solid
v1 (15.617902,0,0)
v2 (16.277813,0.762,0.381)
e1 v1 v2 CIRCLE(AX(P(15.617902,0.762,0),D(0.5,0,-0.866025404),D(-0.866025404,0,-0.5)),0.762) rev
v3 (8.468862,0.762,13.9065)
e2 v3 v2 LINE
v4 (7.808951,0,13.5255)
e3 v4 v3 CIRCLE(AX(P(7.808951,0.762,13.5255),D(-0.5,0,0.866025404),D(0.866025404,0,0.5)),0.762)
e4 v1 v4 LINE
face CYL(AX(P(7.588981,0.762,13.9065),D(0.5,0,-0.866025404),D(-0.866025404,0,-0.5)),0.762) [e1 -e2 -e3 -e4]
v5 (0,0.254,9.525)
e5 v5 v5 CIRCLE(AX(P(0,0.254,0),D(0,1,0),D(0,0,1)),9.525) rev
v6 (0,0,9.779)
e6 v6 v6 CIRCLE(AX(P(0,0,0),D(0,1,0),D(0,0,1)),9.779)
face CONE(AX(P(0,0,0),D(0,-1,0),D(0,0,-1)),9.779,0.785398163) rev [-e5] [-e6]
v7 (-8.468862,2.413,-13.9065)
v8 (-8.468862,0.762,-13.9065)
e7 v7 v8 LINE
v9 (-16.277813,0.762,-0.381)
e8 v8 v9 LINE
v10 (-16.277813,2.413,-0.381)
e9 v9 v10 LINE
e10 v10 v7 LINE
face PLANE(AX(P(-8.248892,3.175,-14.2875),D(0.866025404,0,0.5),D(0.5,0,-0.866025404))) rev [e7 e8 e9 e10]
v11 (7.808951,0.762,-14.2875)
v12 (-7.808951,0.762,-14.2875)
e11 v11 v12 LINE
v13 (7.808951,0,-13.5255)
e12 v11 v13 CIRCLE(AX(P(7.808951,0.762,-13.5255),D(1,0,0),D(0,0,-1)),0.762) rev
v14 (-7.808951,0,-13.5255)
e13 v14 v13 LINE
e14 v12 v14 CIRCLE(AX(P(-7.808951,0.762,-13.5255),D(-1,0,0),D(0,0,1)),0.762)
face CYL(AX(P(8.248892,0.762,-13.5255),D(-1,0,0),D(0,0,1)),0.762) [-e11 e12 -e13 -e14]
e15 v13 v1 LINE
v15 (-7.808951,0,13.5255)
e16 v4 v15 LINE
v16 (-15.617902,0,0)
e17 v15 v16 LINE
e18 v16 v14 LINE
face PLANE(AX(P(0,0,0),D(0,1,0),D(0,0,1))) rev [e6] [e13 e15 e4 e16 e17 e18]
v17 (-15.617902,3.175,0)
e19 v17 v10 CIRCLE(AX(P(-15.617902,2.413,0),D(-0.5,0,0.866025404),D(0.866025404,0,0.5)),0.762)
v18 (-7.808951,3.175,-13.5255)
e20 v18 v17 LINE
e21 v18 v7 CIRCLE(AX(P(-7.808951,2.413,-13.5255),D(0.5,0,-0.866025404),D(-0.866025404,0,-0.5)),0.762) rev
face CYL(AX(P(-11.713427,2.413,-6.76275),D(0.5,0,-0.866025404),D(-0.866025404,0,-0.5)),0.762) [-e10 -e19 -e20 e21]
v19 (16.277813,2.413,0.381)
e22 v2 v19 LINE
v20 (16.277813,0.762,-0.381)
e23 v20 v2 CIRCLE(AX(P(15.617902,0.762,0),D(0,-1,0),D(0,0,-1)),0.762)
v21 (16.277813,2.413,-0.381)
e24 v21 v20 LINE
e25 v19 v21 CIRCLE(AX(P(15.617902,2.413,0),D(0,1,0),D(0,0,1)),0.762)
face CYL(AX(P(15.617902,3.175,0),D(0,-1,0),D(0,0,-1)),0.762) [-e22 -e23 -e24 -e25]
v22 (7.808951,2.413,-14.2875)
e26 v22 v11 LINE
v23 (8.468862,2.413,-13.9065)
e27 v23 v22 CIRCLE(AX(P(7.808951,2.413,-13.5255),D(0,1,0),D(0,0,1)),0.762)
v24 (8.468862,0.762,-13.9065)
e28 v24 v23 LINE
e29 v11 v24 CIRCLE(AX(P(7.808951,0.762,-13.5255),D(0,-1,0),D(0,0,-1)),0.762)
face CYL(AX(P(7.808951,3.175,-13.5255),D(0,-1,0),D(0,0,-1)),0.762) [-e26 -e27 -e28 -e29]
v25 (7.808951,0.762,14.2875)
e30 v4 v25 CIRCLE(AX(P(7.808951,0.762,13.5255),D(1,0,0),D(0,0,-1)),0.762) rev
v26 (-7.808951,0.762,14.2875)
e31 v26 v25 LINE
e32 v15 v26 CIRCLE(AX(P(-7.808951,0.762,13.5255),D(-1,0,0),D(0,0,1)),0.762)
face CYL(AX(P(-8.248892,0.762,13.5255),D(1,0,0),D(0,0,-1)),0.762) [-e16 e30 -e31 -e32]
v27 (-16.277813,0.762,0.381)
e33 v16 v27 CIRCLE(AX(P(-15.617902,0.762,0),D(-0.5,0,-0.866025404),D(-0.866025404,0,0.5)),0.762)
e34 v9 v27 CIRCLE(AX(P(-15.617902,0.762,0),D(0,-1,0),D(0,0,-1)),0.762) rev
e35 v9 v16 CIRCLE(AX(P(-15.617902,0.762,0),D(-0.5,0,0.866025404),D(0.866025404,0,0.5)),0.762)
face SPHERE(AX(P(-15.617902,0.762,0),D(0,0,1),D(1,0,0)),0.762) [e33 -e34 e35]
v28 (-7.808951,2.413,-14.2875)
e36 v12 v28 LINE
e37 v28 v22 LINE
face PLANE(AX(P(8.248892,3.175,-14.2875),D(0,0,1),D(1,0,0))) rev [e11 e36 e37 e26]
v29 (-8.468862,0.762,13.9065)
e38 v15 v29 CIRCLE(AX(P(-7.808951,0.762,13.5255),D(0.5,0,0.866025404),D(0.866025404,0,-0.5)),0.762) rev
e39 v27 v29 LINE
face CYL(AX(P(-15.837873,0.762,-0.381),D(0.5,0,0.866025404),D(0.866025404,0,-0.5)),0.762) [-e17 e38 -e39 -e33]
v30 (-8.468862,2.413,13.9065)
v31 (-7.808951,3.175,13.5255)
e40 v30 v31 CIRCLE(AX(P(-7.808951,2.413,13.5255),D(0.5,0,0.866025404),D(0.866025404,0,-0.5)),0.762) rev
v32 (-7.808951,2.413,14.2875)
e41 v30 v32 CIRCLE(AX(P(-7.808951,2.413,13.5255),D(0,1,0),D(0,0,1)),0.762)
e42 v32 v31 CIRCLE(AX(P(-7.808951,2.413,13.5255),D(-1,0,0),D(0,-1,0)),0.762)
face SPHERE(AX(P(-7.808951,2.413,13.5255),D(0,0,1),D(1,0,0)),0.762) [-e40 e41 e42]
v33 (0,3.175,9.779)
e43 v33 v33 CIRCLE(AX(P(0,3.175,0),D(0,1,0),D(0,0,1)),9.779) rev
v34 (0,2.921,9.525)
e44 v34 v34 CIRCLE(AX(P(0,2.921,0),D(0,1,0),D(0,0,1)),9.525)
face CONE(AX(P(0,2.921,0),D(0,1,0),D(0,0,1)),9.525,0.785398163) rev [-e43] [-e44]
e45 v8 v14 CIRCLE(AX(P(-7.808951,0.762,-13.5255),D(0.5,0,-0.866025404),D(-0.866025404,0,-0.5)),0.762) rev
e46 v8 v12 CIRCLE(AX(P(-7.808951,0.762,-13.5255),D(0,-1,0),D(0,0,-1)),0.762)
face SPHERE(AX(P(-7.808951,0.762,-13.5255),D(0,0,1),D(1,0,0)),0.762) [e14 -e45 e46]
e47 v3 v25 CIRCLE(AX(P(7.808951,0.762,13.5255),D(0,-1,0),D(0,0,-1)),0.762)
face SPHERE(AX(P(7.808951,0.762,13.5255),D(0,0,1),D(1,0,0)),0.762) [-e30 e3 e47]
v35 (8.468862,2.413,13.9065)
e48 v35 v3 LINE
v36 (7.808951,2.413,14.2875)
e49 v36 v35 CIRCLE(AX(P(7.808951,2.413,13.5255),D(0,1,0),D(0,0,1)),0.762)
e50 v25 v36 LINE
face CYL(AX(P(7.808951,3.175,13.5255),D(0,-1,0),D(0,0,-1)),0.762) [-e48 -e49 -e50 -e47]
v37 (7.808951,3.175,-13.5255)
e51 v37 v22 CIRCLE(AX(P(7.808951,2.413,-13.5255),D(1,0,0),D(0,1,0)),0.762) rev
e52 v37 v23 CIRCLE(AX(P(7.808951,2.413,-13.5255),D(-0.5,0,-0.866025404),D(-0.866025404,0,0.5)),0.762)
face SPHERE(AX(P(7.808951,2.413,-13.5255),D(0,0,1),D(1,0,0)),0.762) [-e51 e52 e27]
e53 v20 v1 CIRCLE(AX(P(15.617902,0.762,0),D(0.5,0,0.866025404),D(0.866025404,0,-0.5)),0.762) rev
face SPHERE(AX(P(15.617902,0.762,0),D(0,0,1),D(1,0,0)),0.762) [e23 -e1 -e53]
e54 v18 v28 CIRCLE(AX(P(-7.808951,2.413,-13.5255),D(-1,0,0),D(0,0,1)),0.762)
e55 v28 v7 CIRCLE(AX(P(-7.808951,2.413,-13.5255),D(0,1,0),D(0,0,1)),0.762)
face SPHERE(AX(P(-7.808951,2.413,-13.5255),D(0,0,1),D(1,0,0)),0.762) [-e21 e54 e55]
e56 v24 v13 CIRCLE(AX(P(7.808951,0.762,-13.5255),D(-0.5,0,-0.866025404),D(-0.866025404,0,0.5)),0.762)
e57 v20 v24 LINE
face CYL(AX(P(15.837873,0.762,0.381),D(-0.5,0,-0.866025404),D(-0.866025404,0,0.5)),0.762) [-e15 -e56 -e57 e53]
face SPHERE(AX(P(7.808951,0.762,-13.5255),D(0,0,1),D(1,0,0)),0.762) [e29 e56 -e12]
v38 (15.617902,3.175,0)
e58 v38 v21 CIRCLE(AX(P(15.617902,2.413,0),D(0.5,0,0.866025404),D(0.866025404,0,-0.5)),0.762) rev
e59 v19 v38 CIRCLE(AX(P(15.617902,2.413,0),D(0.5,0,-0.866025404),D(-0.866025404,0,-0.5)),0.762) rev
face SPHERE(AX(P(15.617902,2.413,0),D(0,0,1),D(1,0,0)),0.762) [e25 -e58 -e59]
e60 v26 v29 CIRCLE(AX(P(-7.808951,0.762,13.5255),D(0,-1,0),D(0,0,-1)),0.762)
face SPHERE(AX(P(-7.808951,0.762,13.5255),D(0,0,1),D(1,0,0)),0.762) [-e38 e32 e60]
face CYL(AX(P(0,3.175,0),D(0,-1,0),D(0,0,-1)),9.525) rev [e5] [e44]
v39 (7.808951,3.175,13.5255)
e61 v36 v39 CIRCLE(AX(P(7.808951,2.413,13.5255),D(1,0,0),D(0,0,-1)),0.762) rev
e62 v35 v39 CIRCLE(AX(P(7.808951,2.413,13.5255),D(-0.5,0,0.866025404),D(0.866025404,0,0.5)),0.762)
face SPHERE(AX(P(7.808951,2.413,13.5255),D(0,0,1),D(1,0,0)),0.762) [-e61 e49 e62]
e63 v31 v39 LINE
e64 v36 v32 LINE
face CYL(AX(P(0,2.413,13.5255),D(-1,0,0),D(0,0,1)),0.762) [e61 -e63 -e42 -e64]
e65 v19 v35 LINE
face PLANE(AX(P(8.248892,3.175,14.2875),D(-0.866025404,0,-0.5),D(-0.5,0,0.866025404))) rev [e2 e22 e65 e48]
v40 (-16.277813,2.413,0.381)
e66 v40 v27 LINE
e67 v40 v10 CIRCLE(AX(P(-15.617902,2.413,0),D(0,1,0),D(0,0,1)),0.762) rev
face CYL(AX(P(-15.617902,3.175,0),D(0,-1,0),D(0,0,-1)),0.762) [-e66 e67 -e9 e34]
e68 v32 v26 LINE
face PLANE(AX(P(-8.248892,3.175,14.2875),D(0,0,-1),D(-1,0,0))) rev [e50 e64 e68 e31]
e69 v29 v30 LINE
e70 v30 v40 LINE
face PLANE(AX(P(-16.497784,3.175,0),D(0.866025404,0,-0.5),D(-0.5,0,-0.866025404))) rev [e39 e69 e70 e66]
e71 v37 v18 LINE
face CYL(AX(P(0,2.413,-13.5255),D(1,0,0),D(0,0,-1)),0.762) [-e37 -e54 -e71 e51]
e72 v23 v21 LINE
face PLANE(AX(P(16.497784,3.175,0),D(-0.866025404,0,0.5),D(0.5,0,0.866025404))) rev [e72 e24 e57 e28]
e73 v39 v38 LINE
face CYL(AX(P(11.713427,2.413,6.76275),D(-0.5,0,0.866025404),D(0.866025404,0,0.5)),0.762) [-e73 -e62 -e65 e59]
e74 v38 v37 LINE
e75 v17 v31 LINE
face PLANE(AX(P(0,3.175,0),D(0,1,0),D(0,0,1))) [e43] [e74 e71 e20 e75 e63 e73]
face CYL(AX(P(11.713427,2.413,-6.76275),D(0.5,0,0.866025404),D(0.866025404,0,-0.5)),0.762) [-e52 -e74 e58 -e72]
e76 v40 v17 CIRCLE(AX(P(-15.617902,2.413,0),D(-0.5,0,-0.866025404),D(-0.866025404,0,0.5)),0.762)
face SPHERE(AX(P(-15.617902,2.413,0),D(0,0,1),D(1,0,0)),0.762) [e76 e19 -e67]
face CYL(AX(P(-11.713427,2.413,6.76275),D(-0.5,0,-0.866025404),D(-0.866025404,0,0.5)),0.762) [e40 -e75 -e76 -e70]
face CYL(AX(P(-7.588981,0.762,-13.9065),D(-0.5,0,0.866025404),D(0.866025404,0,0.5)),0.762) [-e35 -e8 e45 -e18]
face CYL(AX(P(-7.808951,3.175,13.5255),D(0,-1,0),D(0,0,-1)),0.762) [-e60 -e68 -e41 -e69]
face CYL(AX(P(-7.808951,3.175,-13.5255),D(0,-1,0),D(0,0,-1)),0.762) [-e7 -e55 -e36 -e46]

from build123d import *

# Parameters (mm, degrees)
SKETCH1_R           = 9.525
BOSS_EXTRUDE1_DEPTH = 3.175
CHAMFER1_SIZE       = 0.254
FILLET1_R           = 0.762


with BuildPart() as part:
    # Sketch1 → Boss-Extrude1 (new body)
    with BuildSketch(Plane(origin=(0, 0, 0), x_dir=(1, 0, 0), z_dir=(0, 1, 0))):
        Polygon((-8.248891971, -14.2875), (8.248891971, -14.2875), (16.497783942, 0), (8.248891971, 14.2875), (-8.248891971, 14.2875), (-16.497783942, 0), align=None)
        Circle(SKETCH1_R, mode=Mode.SUBTRACT)
    extrude(amount=BOSS_EXTRUDE1_DEPTH)

    # Chamfer1
    chamfer1_edges = [part.edges().sort_by_distance(p)[0] for p in [
        (-9.525, 0, 0),
        (-9.525, 3.175, 0),
    ]]
    chamfer(chamfer1_edges, length=CHAMFER1_SIZE)

    # Fillet1
    fillet1_edges = [part.edges().sort_by_distance(p)[0] for p in [
        (12.373337957, 3.175, 7.14375),
        (-16.497783942, 1.5875, 0),
        (-8.248891971, 1.5875, -14.2875),
        (8.248891971, 1.5875, -14.2875),
        (16.497783942, 1.5875, 0),
        (8.248891971, 1.5875, 14.2875),
        (-8.248891971, 1.5875, 14.2875),
        (12.373337957, 3.175, -7.14375),
        (0, 3.175, -14.2875),
        (-12.373337957, 3.175, -7.14375),
        (-12.373337957, 3.175, 7.14375),
        (-12.373337957, 0, -7.14375),
        (0, 0, -14.2875),
        (12.373337957, 0, -7.14375),
        (0, 3.175, 14.2875),
        (12.373337957, 0, 7.14375),
        (0, 0, 14.2875),
        (-12.373337957, 0, 7.14375),
    ]]
    fillet(fillet1_edges, radius=FILLET1_R)


solid = part.part
